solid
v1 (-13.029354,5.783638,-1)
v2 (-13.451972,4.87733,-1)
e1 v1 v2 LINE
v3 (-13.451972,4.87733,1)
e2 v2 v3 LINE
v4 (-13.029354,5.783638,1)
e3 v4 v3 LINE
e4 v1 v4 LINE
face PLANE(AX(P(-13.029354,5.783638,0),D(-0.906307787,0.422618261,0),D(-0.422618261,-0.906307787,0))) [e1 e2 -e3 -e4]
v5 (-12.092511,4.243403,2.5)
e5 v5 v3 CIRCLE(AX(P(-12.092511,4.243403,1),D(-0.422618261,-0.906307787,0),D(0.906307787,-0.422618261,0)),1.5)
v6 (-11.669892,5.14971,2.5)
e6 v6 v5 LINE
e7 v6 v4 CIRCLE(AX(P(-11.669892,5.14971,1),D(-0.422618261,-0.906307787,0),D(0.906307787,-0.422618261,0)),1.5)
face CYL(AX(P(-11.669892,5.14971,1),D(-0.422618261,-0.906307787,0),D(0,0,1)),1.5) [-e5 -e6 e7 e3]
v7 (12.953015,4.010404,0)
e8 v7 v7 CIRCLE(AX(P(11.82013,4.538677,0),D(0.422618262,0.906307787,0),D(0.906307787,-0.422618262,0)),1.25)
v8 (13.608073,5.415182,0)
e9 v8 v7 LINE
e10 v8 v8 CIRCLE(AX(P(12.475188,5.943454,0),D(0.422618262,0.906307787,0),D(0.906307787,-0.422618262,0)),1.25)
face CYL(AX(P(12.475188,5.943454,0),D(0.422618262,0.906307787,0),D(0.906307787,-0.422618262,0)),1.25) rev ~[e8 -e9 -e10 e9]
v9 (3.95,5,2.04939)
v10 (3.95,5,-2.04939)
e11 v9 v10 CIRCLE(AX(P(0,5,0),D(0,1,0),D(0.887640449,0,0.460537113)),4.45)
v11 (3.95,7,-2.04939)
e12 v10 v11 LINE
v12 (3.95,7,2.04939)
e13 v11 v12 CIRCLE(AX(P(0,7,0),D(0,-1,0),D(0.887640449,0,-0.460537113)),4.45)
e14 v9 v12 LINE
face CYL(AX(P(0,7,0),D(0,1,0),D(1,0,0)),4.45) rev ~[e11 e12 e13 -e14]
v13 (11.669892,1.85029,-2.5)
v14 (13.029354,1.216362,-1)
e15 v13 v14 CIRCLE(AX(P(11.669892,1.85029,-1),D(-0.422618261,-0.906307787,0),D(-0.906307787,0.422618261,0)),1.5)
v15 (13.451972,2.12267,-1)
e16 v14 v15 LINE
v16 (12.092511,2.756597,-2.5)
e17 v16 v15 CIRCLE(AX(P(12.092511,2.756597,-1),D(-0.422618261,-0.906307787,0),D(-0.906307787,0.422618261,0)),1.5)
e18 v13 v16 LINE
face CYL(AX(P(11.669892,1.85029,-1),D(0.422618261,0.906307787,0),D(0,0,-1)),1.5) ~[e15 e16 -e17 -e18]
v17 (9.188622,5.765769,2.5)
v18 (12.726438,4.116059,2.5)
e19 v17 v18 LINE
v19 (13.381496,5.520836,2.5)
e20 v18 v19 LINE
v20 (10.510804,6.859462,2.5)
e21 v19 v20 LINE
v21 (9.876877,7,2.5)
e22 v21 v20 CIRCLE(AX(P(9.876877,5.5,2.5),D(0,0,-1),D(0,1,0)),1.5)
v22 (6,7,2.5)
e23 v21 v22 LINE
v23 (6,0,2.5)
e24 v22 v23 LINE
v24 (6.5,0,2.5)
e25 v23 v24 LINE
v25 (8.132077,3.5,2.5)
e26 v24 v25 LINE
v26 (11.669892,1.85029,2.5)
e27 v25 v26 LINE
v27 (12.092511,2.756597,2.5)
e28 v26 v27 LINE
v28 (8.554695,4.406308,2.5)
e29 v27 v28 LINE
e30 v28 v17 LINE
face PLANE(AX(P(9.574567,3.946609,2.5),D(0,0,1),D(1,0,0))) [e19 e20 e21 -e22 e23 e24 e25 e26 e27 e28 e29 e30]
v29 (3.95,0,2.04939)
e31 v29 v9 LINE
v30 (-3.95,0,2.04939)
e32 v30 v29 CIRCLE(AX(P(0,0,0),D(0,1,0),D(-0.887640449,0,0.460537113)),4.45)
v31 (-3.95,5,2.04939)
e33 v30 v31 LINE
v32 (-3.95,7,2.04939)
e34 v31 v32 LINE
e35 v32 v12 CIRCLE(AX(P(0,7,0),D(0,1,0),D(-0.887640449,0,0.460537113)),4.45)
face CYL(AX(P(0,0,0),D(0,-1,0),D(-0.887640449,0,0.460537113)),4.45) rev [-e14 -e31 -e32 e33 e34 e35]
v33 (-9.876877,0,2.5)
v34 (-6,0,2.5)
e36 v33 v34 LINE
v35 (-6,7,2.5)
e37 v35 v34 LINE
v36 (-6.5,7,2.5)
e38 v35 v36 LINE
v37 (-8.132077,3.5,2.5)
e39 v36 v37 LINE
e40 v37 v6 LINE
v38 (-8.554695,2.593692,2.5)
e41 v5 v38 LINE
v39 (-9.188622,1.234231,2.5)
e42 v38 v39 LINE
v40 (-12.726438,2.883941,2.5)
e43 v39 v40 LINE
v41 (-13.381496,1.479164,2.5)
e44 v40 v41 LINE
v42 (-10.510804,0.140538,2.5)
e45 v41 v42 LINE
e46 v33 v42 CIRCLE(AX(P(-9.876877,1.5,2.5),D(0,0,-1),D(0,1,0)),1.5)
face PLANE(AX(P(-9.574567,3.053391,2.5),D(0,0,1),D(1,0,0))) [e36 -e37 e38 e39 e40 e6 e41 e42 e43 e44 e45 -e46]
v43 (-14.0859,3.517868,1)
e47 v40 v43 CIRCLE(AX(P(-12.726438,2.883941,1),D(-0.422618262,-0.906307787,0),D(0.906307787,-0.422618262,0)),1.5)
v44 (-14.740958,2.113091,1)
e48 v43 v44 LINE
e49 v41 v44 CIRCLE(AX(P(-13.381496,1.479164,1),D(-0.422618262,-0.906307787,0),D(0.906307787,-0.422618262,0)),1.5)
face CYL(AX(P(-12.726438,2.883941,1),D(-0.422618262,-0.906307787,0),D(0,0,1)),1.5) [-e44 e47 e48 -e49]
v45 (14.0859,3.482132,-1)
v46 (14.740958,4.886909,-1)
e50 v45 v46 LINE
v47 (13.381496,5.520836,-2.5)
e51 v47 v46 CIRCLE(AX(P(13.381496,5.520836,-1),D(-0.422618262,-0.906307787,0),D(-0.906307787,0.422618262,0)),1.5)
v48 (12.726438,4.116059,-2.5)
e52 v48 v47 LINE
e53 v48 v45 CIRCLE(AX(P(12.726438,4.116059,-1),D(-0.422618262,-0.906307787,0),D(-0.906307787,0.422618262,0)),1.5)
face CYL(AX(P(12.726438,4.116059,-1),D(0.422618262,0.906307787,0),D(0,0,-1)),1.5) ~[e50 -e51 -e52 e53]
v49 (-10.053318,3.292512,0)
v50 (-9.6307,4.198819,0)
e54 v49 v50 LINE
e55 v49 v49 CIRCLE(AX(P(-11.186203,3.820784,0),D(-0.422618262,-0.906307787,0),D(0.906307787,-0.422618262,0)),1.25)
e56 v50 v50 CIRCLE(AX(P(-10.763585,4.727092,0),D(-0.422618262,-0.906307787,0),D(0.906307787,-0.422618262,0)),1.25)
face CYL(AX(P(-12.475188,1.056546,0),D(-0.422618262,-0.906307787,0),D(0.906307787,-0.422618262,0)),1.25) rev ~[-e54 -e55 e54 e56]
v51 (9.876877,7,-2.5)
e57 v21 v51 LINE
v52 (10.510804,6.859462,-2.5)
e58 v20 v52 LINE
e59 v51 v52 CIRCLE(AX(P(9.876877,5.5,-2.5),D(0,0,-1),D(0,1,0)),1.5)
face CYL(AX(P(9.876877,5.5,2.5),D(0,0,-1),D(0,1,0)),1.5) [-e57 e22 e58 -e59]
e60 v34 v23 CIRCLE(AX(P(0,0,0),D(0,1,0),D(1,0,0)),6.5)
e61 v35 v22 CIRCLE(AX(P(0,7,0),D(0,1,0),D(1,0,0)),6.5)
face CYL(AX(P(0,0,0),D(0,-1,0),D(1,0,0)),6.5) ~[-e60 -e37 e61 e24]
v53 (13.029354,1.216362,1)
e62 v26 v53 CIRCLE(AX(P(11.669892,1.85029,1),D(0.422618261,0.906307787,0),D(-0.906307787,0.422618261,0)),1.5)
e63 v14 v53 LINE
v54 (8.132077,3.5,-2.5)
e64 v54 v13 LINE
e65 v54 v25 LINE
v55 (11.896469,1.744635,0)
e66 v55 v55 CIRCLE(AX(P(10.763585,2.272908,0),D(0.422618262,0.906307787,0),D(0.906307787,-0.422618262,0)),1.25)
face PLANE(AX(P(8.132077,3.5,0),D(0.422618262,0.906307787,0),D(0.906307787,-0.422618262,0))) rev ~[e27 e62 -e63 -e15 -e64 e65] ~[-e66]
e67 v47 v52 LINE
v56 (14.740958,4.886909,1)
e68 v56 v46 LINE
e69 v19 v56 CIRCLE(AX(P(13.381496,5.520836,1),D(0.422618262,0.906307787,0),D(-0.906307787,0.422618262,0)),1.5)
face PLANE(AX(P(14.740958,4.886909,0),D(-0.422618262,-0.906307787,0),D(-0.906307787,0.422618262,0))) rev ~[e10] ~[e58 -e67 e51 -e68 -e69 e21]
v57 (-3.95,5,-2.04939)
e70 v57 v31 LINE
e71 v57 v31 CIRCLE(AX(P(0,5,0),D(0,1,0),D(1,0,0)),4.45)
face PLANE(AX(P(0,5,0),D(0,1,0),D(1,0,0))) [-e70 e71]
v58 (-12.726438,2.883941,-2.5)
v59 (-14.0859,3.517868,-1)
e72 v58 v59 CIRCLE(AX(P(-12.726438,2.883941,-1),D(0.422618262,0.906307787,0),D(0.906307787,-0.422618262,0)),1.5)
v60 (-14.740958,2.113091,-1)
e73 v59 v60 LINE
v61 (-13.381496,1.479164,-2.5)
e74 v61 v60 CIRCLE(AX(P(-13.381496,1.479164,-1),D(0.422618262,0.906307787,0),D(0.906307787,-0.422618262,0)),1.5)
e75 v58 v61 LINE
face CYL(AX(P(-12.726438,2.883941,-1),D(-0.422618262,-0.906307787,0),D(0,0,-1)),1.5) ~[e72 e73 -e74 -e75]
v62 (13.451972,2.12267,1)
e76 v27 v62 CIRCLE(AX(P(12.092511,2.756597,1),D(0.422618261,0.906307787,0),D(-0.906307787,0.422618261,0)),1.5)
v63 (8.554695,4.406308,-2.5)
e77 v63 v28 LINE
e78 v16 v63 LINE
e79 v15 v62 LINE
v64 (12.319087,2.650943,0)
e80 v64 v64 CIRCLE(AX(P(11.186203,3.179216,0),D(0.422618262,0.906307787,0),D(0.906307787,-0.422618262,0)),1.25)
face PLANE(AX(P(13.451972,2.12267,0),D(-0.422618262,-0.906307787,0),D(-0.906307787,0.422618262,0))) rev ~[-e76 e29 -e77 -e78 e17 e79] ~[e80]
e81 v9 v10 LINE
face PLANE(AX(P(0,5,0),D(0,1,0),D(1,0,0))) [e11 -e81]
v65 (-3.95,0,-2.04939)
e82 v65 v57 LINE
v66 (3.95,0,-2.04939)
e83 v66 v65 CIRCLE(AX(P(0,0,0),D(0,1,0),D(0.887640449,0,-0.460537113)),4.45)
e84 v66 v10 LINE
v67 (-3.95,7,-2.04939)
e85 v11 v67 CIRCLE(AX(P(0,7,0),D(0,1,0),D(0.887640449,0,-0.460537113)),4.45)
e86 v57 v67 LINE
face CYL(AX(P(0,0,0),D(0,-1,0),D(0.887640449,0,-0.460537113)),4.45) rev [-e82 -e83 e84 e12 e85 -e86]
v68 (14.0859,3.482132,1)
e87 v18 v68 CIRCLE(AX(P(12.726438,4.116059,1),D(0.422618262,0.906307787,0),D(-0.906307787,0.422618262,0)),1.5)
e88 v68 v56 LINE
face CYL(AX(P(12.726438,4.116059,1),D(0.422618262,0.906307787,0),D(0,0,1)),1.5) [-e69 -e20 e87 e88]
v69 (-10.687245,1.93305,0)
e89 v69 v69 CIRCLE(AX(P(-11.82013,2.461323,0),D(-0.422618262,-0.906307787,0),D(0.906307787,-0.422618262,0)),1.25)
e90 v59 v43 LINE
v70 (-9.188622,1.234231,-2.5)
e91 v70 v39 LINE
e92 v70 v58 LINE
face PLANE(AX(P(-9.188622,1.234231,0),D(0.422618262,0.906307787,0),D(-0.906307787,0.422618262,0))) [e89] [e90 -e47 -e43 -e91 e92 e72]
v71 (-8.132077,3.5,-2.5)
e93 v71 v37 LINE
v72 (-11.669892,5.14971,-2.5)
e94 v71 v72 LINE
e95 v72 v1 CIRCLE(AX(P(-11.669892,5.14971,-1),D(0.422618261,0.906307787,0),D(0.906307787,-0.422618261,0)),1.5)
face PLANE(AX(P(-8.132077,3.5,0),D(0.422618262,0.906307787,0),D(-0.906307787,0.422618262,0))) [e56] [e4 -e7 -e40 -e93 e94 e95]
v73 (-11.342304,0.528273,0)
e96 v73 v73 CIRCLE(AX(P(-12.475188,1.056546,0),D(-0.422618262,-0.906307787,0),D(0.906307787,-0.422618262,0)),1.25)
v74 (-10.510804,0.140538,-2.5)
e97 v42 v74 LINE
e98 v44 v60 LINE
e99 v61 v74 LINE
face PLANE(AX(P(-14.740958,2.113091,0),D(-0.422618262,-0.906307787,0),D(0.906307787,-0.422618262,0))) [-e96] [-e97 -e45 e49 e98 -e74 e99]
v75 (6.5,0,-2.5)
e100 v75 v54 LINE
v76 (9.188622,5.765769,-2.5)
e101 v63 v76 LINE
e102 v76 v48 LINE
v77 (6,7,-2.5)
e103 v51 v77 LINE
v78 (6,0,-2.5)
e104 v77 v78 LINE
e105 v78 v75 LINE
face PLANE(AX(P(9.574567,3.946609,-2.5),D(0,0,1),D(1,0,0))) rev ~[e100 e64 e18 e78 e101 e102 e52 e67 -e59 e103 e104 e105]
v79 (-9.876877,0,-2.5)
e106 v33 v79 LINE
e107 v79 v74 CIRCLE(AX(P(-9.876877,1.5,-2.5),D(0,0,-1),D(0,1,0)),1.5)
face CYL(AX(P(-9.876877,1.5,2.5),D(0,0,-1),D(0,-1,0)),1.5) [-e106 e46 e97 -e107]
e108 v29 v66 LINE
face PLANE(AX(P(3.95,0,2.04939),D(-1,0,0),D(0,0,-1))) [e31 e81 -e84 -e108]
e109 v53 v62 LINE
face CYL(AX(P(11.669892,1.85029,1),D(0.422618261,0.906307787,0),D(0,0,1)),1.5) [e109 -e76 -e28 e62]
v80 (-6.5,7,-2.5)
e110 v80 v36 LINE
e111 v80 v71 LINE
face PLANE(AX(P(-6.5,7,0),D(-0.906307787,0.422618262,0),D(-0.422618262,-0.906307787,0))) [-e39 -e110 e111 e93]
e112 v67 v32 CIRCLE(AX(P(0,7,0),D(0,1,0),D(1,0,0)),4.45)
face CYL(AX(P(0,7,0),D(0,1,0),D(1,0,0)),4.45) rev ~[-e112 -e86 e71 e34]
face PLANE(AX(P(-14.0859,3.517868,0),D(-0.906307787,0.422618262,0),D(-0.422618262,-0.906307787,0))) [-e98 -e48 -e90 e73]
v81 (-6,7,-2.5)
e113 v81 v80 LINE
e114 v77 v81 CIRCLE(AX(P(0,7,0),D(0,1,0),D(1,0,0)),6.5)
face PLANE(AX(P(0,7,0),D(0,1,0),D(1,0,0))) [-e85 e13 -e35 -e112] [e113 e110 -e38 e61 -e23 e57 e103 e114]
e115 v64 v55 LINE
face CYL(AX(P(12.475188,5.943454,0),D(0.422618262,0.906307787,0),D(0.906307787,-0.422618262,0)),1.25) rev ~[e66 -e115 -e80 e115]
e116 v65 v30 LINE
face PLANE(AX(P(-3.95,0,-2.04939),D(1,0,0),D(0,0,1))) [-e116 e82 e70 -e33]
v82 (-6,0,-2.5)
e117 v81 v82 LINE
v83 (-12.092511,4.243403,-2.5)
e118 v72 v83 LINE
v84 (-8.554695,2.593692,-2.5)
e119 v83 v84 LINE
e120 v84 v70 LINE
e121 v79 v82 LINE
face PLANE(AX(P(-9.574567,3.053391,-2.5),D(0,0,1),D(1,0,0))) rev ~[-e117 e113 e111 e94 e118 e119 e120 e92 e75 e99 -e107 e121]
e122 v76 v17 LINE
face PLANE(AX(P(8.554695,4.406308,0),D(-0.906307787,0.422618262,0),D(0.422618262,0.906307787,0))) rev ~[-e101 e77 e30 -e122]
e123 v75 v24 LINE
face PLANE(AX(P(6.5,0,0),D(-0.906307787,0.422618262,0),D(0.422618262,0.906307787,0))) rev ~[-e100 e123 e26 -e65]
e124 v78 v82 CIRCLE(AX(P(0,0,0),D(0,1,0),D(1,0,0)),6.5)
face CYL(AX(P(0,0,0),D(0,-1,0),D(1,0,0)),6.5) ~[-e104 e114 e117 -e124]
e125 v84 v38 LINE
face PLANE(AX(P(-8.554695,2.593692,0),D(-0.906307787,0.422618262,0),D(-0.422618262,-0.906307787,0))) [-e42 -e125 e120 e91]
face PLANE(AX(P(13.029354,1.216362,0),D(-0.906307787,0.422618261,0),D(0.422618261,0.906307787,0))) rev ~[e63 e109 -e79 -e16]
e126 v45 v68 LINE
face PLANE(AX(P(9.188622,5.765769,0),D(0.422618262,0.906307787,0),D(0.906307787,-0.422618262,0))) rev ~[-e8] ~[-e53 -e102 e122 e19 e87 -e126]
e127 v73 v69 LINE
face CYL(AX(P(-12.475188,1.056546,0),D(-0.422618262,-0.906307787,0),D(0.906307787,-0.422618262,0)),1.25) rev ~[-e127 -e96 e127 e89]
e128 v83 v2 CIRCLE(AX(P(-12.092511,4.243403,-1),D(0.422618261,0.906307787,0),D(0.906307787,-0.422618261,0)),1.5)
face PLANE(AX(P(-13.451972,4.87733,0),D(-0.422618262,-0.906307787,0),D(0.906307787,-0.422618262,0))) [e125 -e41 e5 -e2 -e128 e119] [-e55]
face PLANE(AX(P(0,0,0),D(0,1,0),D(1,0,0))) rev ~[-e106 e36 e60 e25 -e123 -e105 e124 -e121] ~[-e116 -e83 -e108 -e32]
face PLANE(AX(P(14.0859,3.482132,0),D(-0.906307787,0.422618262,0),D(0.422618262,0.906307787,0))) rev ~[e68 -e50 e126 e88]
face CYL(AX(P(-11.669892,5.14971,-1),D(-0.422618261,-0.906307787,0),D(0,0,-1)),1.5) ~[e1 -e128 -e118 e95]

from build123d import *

# Parameters (mm, degrees)
SKETCH1_R           = 6.5
BOSS_EXTRUDE1_DEPTH = 7
BOSS_EXTRUDE2_DEPTH = 2.5
SKETCH3_R           = 1.25
CUT_EXTRUDE1_DEPTH  = 17.888639434
SKETCH4_R           = 1.25
CUT_EXTRUDE2_DEPTH  = 17.888639434
FILLET1_R           = 1.5
SKETCH5_R           = 4.45
CUT_EXTRUDE3_DEPTH  = 2


with BuildPart() as part:
    # Sketch1 → Boss-Extrude1 (new body)
    with BuildSketch(Plane(origin=(0, 0, 0), x_dir=(1, 0, 0), z_dir=(0, 1, 0))):
        Circle(SKETCH1_R)
        with BuildLine():
            Line((-3.95, 2.049390153), (-3.95, -2.049390153))
            ThreePointArc((-3.95, -2.049390153), (0, -4.45), (3.95, -2.049390153))
            Line((3.95, -2.049390153), (3.95, 2.049390153))
            ThreePointArc((3.95, 2.049390153), (0, 4.45), (-3.95, 2.049390153))
        make_face(mode=Mode.SUBTRACT)
    extrude(amount=BOSS_EXTRUDE1_DEPTH)

    # Sketch2 → Boss-Extrude2 (add, symmetric)
    with BuildSketch(Plane.XY):
        Polygon((5.5, 7), (5.5, 0), (6.5, 0), (8.132076804, 3.5), (13.029353969, 1.216362154), (13.45197223, 2.122669941), (8.554695065, 4.406307787), (9.188622458, 5.765769468), (14.085899623, 3.482131621), (14.740957929, 4.886908691), (10.209418994, 7), align=None)
        Polygon((-5.5, 0), (-5.5, 7), (-6.5, 7), (-8.132076804, 3.5), (-13.029353969, 5.783637846), (-13.45197223, 4.877330059), (-8.554695065, 2.593692213), (-9.188622458, 1.234230532), (-14.085899623, 3.517868379), (-14.740957929, 2.113091309), (-10.209418994, 0), align=None)
    extrude(amount=BOSS_EXTRUDE2_DEPTH, both=True)

    # Sketch3 → Cut-Extrude1 (cut, through all)
    with BuildSketch(Plane(origin=(4.504621032, 9.660190978, 0), x_dir=(0.906307787, -0.422618262, 0), z_dir=(0.422618262, 0.906307787, 0))):
        with Locations((8.794548103, 0)):
            Circle(SKETCH3_R)
    extrude(amount=-CUT_EXTRUDE1_DEPTH, mode=Mode.SUBTRACT)

    # Sketch4 → Cut-Extrude2 (cut, through all)
    with BuildSketch(Plane(origin=(-1.823465481, -3.910434344, 0), x_dir=(0.906307787, -0.422618262, 0), z_dir=(-0.422618262, -0.906307787, 0))):
        with Locations((-11.752875935, 0)):
            Circle(SKETCH4_R)
    extrude(amount=-CUT_EXTRUDE2_DEPTH, mode=Mode.SUBTRACT)

    # Fillet1
    fillet1_edges = [part.edges().sort_by_distance(p)[0] for p in [
        (13.2406631, 1.669516047, 2.5),
        (14.413428776, 4.184520156, 2.5),
        (10.209418994, 7, 0),
        (13.2406631, 1.669516047, -2.5),
        (14.413428776, 4.184520156, -2.5),
        (-13.2406631, 5.330483953, 2.5),
        (-14.413428776, 2.815479844, 2.5),
        (-14.413428776, 2.815479844, -2.5),
        (-10.209418994, 0, 0),
        (-13.2406631, 5.330483953, -2.5),
    ]]
    fillet(fillet1_edges, radius=FILLET1_R)

    # Sketch5 → Cut-Extrude3 (cut)
    with BuildSketch(Plane(origin=(0, 7, 0), x_dir=(1, 0, 0), z_dir=(0, 1, 0))):
        Circle(SKETCH5_R)
    extrude(amount=-CUT_EXTRUDE3_DEPTH, mode=Mode.SUBTRACT)


solid = part.part
